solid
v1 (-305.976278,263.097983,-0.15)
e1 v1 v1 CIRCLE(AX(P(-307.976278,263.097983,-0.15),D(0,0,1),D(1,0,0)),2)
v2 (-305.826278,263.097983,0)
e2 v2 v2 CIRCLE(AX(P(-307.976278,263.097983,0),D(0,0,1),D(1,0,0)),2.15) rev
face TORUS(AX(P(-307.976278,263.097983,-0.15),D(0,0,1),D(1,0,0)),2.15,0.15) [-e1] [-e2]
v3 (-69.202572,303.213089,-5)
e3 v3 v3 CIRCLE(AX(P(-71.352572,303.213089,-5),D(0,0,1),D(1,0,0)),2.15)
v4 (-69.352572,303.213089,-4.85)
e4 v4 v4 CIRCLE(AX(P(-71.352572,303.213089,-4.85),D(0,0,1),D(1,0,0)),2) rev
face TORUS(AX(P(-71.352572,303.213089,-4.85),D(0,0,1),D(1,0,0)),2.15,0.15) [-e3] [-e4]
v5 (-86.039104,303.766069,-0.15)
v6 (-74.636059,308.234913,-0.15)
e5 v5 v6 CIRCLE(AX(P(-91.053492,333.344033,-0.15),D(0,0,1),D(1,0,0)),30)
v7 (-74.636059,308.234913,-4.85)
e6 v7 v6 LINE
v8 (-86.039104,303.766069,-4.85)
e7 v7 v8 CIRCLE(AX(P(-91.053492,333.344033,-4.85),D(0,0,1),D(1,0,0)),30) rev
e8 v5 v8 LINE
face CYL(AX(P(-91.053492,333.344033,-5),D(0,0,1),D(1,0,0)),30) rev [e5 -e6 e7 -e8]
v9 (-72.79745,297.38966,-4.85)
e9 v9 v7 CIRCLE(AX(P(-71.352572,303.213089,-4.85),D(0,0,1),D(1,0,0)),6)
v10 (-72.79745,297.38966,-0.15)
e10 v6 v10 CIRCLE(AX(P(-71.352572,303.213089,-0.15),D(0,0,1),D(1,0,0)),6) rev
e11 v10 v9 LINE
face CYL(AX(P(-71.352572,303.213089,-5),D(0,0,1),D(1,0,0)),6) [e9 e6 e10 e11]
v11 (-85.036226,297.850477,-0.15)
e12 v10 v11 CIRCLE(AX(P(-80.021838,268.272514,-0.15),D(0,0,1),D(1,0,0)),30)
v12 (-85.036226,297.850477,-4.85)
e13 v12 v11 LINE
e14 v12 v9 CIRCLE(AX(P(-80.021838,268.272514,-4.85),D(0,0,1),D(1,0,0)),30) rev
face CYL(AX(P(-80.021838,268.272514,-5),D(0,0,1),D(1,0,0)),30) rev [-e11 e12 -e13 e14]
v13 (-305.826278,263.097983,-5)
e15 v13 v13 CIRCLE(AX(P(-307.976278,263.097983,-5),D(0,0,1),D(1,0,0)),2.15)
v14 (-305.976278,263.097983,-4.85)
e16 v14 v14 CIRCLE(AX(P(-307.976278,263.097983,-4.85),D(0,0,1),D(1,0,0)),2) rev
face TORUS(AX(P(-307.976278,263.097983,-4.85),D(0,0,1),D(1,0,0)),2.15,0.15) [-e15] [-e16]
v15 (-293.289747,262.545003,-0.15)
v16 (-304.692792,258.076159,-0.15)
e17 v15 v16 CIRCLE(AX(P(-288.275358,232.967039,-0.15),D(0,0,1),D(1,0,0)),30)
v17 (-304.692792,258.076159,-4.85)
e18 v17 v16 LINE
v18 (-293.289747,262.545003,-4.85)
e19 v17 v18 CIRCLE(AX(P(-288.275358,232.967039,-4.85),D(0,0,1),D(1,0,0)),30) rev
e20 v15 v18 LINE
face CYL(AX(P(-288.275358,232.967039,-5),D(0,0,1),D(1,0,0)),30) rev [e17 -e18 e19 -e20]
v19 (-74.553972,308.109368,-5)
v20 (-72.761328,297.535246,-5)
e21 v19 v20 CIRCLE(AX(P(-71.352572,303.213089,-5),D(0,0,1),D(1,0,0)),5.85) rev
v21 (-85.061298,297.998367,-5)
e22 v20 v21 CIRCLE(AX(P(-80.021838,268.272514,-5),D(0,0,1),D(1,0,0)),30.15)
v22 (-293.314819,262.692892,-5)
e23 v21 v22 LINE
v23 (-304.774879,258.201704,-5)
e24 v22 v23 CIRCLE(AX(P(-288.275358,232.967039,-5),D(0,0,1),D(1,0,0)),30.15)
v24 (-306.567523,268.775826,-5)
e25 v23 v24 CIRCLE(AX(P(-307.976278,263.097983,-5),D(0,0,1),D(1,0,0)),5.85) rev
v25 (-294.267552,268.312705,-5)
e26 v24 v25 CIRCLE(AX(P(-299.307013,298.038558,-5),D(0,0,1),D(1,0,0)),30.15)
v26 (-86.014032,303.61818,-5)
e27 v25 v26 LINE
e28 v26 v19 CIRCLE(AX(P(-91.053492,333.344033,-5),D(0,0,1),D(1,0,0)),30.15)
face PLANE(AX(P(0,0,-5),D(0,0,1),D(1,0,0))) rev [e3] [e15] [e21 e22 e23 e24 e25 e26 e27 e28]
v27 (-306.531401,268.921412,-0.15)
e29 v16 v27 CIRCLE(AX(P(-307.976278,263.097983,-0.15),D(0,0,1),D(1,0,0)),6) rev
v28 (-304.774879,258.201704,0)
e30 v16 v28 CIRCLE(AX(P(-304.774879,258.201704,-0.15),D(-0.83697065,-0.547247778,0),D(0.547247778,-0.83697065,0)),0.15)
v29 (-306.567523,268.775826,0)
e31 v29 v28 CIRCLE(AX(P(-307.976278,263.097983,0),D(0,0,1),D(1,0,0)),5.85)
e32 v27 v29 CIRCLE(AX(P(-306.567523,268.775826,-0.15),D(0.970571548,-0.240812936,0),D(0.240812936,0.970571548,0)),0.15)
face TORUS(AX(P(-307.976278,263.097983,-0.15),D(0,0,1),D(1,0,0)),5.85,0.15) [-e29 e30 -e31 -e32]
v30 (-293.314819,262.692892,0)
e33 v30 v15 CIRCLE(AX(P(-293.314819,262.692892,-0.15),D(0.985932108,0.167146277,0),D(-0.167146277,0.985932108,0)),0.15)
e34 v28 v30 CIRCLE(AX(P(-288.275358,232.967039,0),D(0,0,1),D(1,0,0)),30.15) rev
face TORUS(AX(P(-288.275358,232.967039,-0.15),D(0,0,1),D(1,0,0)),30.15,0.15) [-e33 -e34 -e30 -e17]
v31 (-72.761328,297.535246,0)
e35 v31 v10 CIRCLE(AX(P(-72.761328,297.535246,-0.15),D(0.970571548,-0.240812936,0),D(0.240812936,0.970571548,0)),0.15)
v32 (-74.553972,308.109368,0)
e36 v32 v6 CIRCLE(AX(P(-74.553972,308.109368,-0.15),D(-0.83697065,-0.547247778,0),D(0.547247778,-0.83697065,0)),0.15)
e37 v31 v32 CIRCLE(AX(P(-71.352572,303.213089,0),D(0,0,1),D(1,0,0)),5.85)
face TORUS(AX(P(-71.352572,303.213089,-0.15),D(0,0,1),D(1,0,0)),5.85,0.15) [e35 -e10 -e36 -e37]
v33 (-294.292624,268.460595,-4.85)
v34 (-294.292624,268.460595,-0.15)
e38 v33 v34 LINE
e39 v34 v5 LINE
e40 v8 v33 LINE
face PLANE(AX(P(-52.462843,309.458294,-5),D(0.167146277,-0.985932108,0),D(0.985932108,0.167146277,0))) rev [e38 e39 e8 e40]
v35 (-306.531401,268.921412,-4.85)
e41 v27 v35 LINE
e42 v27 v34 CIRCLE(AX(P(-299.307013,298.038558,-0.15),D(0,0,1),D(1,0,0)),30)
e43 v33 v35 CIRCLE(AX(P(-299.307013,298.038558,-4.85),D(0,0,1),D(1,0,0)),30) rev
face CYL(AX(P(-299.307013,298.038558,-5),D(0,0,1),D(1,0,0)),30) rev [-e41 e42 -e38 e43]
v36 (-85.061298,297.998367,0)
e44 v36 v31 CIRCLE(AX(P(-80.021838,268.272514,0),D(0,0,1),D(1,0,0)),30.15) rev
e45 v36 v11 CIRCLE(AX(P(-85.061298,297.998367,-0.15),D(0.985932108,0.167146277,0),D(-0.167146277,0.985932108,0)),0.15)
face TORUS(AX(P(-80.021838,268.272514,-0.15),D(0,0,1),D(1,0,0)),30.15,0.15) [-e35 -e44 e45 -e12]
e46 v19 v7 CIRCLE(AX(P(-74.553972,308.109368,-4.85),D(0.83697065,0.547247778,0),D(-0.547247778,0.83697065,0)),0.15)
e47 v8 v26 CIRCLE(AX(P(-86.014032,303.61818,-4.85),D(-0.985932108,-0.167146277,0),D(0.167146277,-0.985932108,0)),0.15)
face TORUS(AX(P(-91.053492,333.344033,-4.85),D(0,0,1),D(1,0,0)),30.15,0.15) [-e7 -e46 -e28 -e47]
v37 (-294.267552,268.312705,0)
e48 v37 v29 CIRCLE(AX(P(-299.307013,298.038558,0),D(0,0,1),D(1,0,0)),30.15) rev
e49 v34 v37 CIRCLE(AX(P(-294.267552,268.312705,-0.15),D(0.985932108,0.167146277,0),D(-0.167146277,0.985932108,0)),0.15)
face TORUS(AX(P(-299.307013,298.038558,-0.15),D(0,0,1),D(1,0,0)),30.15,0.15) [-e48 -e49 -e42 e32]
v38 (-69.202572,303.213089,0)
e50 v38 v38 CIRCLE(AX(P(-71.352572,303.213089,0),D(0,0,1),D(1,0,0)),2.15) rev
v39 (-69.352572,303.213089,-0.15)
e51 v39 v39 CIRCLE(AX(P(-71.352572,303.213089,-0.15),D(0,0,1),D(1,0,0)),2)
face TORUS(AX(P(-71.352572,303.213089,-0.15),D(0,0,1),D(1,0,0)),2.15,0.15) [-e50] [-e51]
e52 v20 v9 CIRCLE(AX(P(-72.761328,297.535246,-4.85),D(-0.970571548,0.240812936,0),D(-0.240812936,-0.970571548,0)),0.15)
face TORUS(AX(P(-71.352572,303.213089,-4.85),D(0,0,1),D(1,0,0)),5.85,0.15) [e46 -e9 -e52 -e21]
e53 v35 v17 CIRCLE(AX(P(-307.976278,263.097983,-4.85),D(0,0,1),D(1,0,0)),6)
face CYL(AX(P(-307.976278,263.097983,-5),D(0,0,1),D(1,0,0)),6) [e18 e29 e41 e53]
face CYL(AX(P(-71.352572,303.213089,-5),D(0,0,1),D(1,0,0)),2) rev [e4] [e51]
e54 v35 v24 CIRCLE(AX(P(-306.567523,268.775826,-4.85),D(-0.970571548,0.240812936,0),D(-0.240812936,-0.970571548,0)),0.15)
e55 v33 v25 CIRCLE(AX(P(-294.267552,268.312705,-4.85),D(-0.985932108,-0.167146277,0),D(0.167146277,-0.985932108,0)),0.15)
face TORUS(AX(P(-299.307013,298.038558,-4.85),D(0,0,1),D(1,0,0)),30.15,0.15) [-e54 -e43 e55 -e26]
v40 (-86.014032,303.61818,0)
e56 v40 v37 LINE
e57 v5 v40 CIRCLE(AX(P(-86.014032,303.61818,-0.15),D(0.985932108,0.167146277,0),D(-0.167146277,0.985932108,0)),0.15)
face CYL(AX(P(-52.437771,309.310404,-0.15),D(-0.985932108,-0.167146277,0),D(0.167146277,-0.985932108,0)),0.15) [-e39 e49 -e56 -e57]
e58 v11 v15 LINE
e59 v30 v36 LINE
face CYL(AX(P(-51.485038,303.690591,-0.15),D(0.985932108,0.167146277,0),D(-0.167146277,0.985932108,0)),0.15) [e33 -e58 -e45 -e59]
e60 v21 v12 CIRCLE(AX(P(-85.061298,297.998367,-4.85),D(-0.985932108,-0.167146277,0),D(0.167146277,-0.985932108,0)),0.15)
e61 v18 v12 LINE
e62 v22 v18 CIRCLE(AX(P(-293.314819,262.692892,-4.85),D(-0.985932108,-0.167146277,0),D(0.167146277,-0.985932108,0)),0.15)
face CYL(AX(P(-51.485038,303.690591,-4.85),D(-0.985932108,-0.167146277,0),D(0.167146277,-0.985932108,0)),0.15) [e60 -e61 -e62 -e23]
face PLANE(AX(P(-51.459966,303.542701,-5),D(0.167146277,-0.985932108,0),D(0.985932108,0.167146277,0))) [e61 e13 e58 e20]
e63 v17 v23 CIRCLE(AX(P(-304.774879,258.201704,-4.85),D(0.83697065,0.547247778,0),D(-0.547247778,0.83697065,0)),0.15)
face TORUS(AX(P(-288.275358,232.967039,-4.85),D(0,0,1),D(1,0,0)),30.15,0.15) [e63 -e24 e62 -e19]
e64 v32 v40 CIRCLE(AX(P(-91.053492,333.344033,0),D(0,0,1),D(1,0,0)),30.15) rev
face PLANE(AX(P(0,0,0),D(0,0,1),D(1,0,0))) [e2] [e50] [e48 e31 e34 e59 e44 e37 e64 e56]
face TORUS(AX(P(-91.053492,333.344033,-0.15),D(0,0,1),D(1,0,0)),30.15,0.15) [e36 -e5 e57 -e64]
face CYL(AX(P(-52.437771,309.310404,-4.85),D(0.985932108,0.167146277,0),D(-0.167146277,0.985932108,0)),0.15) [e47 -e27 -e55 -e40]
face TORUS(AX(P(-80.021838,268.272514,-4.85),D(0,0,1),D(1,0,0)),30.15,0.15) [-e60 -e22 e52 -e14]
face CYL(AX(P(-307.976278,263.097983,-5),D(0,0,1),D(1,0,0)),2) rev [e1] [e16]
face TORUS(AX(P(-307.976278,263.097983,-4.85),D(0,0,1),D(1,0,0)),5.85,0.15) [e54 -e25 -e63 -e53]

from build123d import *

# Parameters (mm, degrees)
SKETCH1_R           = 2
BOSS_EXTRUDE1_DEPTH = 5
FILLET1_R           = 30
FILLET2_R           = 0.15


with BuildPart() as part:
    # Sketch1 → Boss-Extrude1 (new body)
    with BuildSketch(Plane.XY):
        with BuildLine():
            ThreePointArc((-303.354663584, 266.924296542), (-313.891870914, 262.09510502), (-302.35178592, 261.008703893))
            Line((-302.35178592, 261.008703893), (-75.974186977, 299.386775376))
            ThreePointArc((-75.974186977, 299.386775376), (-65.436979647, 304.215966898), (-76.97706464, 305.302368025))
            Line((-76.97706464, 305.302368025), (-303.354663584, 266.924296542))
        make_face()
        with Locations((-307.976278265, 263.097982683)):
            Circle(SKETCH1_R, mode=Mode.SUBTRACT)
        with Locations((-71.352572296, 303.213089234)):
            Circle(SKETCH1_R, mode=Mode.SUBTRACT)
    extrude(amount=-BOSS_EXTRUDE1_DEPTH)

    # Fillet1
    fillet1_edges = [part.edges().sort_by_distance(p)[0] for p in [
        (-303.354663584, 266.924296542, -2.5),
        (-76.97706464, 305.302368025, -2.5),
        (-75.974186977, 299.386775376, -2.5),
        (-302.35178592, 261.008703893, -2.5),
    ]]
    fillet(fillet1_edges, radius=FILLET1_R)

    # Fillet2
    fillet2_edges = [part.edges().sort_by_distance(p)[0] for p in [
        (-313.891870914, 262.09510502, 0),
        (-313.891870914, 262.09510502, -5),
        (-189.162986448, 280.197739634, 0),
        (-189.162986448, 280.197739634, -5),
        (-65.436979647, 304.215966898, 0),
        (-309.976278265, 263.097982683, -5),
        (-65.436979647, 304.215966898, -5),
        (-190.165864112, 286.113332283, 0),
        (-190.165864112, 286.113332283, -5),
        (-299.221745151, 260.898681077, 0),
        (-299.221745151, 260.898681077, -5),
        (-73.352572296, 303.213089234, -5),
        (-78.893071958, 298.251270772, 0),
        (-78.893071958, 298.251270772, -5),
        (-80.107105409, 305.41239084, 0),
        (-80.107105409, 305.41239084, -5),
        (-300.435778603, 268.059801145, 0),
        (-300.435778603, 268.059801145, -5),
        (-73.352572296, 303.213089234, 0),
        (-309.976278265, 263.097982683, 0),
    ]]
    fillet(fillet2_edges, radius=FILLET2_R)


solid = part.part
